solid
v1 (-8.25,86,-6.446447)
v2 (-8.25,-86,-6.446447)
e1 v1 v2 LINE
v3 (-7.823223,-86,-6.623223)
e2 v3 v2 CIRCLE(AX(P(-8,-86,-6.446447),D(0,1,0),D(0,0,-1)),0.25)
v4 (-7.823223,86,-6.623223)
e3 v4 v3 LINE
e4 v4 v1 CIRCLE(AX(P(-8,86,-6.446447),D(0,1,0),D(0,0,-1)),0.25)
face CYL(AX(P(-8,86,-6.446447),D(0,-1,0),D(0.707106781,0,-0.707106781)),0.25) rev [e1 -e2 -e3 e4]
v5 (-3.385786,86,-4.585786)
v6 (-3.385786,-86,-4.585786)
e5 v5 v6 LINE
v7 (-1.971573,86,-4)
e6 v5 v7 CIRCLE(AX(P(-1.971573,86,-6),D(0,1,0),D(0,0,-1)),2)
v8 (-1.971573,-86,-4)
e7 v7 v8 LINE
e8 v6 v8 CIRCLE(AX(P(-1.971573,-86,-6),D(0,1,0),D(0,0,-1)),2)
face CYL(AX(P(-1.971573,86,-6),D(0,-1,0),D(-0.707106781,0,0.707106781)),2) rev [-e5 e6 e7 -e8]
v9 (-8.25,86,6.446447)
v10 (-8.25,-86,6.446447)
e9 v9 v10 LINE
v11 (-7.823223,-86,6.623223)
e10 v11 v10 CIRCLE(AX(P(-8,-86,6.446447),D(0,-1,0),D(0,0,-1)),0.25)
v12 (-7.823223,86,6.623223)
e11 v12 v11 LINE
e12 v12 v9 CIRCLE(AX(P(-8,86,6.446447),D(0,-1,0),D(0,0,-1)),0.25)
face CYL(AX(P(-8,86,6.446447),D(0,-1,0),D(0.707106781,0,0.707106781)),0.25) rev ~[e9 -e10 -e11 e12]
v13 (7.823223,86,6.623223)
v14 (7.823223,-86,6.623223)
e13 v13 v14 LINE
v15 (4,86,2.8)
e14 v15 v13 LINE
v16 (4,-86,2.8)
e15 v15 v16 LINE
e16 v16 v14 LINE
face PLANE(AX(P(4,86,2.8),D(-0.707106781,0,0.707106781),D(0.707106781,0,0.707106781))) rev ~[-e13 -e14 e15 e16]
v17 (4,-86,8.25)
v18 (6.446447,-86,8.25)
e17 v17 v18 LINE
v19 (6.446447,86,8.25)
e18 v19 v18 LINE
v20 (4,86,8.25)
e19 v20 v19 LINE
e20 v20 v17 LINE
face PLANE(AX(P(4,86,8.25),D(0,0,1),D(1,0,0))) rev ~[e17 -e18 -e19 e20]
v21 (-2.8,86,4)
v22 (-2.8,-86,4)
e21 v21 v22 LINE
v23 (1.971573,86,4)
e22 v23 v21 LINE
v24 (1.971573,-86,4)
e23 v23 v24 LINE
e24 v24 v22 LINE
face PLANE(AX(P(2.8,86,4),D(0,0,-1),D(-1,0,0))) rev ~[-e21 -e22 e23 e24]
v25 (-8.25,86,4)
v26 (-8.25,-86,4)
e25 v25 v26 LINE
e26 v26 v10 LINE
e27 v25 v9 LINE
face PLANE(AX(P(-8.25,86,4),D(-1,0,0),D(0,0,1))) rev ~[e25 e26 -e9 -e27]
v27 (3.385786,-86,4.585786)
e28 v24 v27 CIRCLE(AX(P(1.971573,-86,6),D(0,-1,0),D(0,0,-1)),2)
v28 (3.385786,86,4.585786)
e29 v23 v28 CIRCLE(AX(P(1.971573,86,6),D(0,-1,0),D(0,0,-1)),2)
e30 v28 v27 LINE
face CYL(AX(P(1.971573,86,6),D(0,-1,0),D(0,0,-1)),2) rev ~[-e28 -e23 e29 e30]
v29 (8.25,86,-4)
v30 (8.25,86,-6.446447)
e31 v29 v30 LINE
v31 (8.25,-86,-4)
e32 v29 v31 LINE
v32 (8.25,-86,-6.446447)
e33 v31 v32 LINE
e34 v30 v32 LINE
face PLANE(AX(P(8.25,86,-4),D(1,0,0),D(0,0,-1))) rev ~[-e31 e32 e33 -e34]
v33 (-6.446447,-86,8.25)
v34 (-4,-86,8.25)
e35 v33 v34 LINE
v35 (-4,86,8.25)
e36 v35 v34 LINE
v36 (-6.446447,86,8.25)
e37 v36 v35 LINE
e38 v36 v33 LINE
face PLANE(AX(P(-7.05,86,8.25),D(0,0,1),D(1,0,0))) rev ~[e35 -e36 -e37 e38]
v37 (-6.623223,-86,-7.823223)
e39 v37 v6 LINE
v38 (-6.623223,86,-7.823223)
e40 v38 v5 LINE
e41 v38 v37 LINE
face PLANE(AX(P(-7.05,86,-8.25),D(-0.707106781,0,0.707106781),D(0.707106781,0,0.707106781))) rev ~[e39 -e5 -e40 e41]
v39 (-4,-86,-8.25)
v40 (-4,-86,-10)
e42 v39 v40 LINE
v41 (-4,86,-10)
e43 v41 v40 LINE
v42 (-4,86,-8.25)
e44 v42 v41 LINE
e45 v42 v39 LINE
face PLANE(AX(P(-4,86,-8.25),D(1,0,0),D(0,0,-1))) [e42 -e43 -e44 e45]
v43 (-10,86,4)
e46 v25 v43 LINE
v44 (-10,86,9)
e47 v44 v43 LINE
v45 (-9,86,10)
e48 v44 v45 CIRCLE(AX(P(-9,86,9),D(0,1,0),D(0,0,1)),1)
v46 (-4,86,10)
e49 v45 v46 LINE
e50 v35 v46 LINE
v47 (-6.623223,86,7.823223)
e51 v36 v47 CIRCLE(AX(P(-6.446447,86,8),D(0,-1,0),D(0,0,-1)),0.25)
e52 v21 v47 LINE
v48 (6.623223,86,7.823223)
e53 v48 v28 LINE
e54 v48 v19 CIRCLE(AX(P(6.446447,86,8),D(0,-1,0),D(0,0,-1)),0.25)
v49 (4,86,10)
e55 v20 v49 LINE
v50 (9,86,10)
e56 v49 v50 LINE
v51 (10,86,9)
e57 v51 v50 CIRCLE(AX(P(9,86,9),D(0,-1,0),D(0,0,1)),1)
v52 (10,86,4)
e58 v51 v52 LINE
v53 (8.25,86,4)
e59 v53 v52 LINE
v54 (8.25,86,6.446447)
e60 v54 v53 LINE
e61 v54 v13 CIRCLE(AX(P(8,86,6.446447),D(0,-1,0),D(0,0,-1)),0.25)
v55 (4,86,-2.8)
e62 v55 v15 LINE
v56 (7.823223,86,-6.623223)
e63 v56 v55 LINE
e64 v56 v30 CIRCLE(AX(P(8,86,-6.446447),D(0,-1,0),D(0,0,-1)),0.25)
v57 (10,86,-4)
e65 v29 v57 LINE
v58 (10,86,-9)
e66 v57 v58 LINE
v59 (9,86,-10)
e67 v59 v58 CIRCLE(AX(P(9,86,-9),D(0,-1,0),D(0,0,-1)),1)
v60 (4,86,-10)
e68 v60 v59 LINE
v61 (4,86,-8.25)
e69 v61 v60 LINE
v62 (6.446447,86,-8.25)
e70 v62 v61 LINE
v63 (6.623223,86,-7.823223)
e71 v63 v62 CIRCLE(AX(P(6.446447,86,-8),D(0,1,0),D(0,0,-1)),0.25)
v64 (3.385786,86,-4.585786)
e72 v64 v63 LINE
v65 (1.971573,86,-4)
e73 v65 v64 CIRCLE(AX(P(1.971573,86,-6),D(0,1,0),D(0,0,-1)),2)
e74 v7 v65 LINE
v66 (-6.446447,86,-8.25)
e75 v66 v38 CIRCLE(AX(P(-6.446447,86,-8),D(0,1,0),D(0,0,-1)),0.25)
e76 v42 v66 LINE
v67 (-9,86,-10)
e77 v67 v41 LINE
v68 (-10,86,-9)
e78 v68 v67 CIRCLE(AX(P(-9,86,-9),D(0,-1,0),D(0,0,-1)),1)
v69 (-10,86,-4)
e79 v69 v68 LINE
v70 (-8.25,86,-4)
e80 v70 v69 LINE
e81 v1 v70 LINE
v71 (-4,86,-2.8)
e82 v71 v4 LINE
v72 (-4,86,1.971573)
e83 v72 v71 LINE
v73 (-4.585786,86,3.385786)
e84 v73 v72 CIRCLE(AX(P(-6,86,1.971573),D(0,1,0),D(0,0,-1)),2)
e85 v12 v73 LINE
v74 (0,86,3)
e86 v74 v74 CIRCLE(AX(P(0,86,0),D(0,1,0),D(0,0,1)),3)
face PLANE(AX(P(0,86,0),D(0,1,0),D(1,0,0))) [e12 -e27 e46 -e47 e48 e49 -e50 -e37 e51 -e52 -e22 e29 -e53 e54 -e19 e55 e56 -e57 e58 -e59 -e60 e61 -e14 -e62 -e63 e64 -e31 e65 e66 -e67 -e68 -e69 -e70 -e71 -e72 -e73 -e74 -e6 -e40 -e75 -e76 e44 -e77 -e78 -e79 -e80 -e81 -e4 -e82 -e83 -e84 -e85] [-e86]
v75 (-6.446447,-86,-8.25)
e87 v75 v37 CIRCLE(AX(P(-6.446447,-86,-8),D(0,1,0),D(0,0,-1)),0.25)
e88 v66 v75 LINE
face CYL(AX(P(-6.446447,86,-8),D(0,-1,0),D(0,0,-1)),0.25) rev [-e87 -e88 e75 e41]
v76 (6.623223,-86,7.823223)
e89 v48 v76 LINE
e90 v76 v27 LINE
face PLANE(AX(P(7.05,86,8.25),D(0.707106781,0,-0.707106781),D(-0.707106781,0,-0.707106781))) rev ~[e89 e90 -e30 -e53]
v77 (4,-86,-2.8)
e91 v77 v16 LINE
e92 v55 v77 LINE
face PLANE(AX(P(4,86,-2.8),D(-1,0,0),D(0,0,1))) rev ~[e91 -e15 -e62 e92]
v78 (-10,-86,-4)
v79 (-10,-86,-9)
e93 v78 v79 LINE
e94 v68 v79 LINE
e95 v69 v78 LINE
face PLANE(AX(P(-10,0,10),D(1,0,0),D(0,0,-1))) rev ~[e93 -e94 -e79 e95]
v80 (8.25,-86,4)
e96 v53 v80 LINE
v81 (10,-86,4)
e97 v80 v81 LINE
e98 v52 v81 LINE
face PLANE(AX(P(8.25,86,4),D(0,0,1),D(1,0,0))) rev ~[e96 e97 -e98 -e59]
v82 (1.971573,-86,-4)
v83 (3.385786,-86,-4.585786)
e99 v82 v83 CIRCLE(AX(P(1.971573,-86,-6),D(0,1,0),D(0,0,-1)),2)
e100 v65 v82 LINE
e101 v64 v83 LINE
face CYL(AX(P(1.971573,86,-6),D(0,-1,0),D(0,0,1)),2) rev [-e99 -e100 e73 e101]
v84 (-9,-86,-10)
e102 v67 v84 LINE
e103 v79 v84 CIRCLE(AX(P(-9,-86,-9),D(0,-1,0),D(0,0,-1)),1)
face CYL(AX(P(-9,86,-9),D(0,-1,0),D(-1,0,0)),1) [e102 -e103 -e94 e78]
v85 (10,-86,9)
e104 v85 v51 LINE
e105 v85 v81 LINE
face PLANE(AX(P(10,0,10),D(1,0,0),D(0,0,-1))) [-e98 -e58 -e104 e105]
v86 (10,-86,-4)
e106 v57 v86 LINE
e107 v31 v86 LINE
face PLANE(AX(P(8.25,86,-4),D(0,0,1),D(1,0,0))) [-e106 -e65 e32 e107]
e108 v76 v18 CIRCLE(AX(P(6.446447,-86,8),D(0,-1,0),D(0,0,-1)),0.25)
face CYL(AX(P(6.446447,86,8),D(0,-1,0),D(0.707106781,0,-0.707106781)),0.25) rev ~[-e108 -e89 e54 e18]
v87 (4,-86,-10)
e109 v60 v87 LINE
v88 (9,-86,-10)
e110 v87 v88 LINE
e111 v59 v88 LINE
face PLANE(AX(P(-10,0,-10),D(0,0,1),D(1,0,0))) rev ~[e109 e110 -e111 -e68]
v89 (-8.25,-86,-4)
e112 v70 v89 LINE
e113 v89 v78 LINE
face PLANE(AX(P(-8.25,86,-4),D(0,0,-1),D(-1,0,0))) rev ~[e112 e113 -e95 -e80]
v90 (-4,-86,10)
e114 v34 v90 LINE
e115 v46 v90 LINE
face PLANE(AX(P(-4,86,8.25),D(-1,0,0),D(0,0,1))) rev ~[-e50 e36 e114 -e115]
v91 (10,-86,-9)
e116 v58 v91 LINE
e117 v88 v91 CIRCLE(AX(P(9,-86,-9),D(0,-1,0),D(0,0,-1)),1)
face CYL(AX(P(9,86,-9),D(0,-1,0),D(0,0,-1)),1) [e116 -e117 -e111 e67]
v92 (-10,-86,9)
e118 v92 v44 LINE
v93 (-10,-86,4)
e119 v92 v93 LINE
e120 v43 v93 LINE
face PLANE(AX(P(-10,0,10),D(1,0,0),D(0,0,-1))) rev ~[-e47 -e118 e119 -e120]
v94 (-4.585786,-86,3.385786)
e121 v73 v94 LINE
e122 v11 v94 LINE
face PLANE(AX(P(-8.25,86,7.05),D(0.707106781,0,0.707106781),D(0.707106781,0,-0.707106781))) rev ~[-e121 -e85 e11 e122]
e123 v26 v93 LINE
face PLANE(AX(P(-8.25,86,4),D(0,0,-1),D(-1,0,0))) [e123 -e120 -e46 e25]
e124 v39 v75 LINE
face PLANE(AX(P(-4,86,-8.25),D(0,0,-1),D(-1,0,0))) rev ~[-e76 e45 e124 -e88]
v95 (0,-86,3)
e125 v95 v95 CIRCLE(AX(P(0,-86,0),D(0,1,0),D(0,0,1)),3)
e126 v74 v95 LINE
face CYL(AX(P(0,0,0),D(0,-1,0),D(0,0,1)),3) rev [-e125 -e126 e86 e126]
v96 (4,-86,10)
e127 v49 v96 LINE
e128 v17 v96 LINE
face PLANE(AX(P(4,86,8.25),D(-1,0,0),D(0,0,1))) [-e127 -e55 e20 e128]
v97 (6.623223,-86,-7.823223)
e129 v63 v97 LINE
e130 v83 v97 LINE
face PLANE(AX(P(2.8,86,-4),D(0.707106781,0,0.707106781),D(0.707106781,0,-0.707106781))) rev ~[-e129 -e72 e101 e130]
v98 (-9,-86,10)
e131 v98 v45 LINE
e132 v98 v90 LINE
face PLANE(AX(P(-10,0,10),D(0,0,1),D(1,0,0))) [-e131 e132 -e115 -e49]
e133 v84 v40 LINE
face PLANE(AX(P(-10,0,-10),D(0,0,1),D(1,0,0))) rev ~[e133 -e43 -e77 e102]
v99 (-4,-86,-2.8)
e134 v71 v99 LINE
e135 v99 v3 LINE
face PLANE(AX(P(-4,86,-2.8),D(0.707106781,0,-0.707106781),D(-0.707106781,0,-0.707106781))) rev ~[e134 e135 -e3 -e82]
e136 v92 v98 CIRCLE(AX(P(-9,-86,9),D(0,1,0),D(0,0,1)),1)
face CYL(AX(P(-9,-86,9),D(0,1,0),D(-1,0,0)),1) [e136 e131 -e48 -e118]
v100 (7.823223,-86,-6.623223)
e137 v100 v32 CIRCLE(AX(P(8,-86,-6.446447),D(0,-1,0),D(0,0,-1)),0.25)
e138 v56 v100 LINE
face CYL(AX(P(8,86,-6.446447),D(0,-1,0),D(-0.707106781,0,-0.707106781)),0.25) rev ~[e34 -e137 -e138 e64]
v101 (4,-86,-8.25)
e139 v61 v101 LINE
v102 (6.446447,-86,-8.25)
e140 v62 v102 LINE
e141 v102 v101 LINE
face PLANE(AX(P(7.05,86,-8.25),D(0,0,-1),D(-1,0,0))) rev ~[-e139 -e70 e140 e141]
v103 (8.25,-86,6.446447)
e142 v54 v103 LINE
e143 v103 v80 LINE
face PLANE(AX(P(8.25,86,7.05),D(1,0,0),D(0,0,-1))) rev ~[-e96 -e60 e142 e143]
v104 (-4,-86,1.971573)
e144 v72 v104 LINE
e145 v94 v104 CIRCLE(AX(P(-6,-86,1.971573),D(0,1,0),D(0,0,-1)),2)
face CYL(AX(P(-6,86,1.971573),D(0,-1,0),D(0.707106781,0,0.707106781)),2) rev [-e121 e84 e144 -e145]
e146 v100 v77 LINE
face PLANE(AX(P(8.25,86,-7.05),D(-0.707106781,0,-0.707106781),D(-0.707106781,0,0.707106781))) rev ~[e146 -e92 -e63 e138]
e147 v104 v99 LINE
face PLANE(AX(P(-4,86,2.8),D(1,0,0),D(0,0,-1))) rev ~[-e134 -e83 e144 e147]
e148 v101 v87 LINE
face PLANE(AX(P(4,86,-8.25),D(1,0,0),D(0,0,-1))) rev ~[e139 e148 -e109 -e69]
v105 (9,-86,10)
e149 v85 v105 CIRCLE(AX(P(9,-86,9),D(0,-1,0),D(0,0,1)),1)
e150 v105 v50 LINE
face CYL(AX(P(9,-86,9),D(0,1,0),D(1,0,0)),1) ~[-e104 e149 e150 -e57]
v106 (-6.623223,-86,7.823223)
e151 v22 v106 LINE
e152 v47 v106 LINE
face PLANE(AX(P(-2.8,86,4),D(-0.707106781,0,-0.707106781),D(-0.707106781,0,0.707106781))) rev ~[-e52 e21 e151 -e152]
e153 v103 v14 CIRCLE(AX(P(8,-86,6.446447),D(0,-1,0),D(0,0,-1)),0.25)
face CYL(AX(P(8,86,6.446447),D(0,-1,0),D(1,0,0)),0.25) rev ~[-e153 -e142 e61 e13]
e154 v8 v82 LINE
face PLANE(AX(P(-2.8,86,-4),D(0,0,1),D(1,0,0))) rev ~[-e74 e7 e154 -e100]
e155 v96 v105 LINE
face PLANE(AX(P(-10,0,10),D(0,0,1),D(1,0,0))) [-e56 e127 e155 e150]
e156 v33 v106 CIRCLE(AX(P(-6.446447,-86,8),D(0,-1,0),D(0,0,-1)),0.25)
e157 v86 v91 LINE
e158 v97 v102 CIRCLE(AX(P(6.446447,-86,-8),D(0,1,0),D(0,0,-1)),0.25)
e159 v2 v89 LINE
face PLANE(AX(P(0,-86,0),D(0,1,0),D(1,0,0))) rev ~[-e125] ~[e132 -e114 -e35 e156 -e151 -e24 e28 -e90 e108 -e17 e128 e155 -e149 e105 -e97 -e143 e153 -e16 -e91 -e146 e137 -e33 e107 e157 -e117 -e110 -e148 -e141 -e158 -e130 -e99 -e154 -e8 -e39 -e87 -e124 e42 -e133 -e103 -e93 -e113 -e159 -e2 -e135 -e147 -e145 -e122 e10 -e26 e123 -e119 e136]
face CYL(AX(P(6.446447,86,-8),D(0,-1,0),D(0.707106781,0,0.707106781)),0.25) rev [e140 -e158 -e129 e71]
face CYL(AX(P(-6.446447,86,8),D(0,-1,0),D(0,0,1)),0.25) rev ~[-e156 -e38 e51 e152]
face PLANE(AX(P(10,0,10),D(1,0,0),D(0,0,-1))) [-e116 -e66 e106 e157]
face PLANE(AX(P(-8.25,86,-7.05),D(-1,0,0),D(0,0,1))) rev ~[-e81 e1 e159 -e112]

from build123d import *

# Parameters (mm, degrees)
ESBO_O1_W                = 20
ESBO_O1_H                = 20
ESBO_O1_R                = 3
RESSALTO_EXTRUS_O1_DEPTH = 86
ESBO_O2_W                = 8
ESBO_O2_H                = 1.75
CORTE_EXTRUS_O1_DEPTH    = 173.580416038
PADR_OCIRCULAR2_COUNT    = 4
FILETE2_R                = 1
FILETE3_R                = 2
FILETE4_R                = 0.25


with BuildPart() as part:
    # Esboço1 → Ressalto-extrusão1 (new, symmetric)
    with BuildSketch(Plane(origin=(0, 0, 0), x_dir=(1, 0, 0), z_dir=(0, 1, 0))):
        Rectangle(ESBO_O1_W, ESBO_O1_H)
        with Locations(Location((0, 0, 0), (0, 0, 270))):
            Circle(ESBO_O1_R, mode=Mode.SUBTRACT)
    extrude(amount=RESSALTO_EXTRUS_O1_DEPTH, both=True)

    # Esboço2 → Corte-extrusão1 (cut, through all)
    with BuildSketch(Plane(origin=(0, 86, 0), x_dir=(1, 0, 0), z_dir=(0, 1, 0))):
        Polygon((-7.05, 8.25), (-2.8, 4), (2.8, 4), (7.05, 8.25), (4, 8.25), (-4, 8.25), align=None)
        with Locations((0, 9.125)):
            Rectangle(ESBO_O2_W, ESBO_O2_H)
    corte_extrus_o1 = extrude(amount=-CORTE_EXTRUS_O1_DEPTH, mode=Mode.SUBTRACT)

    # PadrãoCircular2: Corte-extrusão1 ×4 about axis
    padr_ocircular2_axis = Axis((0, 0, 0), (0, 1, 0))
    for i in range(1, PADR_OCIRCULAR2_COUNT):
        add(corte_extrus_o1.rotate(padr_ocircular2_axis, i * 360 / PADR_OCIRCULAR2_COUNT), mode=Mode.SUBTRACT)

    # Filete2
    filete2_edges = [part.edges().sort_by_distance(p)[0] for p in [
        (10, 0, 10),
        (-10, 0, 10),
        (-10, 0, -10),
        (10, 0, -10),
    ]]
    fillet(filete2_edges, radius=FILETE2_R)

    # Filete3
    filete3_edges = [part.edges().sort_by_distance(p)[0] for p in [
        (-4, 0, 2.8),
        (2.8, 0, -4),
        (-2.8, 0, -4),
        (2.8, 0, 4),
    ]]
    fillet(filete3_edges, radius=FILETE3_R)

    # Filete4
    filete4_edges = [part.edges().sort_by_distance(p)[0] for p in [
        (-8.25, 0, -7.05),
        (-8.25, 0, 7.05),
        (7.05, 0, -8.25),
        (-7.05, 0, -8.25),
        (8.25, 0, 7.05),
        (8.25, 0, -7.05),
        (-7.05, 0, 8.25),
        (7.05, 0, 8.25),
    ]]
    fillet(filete4_edges, radius=FILETE4_R)


solid = part.part
